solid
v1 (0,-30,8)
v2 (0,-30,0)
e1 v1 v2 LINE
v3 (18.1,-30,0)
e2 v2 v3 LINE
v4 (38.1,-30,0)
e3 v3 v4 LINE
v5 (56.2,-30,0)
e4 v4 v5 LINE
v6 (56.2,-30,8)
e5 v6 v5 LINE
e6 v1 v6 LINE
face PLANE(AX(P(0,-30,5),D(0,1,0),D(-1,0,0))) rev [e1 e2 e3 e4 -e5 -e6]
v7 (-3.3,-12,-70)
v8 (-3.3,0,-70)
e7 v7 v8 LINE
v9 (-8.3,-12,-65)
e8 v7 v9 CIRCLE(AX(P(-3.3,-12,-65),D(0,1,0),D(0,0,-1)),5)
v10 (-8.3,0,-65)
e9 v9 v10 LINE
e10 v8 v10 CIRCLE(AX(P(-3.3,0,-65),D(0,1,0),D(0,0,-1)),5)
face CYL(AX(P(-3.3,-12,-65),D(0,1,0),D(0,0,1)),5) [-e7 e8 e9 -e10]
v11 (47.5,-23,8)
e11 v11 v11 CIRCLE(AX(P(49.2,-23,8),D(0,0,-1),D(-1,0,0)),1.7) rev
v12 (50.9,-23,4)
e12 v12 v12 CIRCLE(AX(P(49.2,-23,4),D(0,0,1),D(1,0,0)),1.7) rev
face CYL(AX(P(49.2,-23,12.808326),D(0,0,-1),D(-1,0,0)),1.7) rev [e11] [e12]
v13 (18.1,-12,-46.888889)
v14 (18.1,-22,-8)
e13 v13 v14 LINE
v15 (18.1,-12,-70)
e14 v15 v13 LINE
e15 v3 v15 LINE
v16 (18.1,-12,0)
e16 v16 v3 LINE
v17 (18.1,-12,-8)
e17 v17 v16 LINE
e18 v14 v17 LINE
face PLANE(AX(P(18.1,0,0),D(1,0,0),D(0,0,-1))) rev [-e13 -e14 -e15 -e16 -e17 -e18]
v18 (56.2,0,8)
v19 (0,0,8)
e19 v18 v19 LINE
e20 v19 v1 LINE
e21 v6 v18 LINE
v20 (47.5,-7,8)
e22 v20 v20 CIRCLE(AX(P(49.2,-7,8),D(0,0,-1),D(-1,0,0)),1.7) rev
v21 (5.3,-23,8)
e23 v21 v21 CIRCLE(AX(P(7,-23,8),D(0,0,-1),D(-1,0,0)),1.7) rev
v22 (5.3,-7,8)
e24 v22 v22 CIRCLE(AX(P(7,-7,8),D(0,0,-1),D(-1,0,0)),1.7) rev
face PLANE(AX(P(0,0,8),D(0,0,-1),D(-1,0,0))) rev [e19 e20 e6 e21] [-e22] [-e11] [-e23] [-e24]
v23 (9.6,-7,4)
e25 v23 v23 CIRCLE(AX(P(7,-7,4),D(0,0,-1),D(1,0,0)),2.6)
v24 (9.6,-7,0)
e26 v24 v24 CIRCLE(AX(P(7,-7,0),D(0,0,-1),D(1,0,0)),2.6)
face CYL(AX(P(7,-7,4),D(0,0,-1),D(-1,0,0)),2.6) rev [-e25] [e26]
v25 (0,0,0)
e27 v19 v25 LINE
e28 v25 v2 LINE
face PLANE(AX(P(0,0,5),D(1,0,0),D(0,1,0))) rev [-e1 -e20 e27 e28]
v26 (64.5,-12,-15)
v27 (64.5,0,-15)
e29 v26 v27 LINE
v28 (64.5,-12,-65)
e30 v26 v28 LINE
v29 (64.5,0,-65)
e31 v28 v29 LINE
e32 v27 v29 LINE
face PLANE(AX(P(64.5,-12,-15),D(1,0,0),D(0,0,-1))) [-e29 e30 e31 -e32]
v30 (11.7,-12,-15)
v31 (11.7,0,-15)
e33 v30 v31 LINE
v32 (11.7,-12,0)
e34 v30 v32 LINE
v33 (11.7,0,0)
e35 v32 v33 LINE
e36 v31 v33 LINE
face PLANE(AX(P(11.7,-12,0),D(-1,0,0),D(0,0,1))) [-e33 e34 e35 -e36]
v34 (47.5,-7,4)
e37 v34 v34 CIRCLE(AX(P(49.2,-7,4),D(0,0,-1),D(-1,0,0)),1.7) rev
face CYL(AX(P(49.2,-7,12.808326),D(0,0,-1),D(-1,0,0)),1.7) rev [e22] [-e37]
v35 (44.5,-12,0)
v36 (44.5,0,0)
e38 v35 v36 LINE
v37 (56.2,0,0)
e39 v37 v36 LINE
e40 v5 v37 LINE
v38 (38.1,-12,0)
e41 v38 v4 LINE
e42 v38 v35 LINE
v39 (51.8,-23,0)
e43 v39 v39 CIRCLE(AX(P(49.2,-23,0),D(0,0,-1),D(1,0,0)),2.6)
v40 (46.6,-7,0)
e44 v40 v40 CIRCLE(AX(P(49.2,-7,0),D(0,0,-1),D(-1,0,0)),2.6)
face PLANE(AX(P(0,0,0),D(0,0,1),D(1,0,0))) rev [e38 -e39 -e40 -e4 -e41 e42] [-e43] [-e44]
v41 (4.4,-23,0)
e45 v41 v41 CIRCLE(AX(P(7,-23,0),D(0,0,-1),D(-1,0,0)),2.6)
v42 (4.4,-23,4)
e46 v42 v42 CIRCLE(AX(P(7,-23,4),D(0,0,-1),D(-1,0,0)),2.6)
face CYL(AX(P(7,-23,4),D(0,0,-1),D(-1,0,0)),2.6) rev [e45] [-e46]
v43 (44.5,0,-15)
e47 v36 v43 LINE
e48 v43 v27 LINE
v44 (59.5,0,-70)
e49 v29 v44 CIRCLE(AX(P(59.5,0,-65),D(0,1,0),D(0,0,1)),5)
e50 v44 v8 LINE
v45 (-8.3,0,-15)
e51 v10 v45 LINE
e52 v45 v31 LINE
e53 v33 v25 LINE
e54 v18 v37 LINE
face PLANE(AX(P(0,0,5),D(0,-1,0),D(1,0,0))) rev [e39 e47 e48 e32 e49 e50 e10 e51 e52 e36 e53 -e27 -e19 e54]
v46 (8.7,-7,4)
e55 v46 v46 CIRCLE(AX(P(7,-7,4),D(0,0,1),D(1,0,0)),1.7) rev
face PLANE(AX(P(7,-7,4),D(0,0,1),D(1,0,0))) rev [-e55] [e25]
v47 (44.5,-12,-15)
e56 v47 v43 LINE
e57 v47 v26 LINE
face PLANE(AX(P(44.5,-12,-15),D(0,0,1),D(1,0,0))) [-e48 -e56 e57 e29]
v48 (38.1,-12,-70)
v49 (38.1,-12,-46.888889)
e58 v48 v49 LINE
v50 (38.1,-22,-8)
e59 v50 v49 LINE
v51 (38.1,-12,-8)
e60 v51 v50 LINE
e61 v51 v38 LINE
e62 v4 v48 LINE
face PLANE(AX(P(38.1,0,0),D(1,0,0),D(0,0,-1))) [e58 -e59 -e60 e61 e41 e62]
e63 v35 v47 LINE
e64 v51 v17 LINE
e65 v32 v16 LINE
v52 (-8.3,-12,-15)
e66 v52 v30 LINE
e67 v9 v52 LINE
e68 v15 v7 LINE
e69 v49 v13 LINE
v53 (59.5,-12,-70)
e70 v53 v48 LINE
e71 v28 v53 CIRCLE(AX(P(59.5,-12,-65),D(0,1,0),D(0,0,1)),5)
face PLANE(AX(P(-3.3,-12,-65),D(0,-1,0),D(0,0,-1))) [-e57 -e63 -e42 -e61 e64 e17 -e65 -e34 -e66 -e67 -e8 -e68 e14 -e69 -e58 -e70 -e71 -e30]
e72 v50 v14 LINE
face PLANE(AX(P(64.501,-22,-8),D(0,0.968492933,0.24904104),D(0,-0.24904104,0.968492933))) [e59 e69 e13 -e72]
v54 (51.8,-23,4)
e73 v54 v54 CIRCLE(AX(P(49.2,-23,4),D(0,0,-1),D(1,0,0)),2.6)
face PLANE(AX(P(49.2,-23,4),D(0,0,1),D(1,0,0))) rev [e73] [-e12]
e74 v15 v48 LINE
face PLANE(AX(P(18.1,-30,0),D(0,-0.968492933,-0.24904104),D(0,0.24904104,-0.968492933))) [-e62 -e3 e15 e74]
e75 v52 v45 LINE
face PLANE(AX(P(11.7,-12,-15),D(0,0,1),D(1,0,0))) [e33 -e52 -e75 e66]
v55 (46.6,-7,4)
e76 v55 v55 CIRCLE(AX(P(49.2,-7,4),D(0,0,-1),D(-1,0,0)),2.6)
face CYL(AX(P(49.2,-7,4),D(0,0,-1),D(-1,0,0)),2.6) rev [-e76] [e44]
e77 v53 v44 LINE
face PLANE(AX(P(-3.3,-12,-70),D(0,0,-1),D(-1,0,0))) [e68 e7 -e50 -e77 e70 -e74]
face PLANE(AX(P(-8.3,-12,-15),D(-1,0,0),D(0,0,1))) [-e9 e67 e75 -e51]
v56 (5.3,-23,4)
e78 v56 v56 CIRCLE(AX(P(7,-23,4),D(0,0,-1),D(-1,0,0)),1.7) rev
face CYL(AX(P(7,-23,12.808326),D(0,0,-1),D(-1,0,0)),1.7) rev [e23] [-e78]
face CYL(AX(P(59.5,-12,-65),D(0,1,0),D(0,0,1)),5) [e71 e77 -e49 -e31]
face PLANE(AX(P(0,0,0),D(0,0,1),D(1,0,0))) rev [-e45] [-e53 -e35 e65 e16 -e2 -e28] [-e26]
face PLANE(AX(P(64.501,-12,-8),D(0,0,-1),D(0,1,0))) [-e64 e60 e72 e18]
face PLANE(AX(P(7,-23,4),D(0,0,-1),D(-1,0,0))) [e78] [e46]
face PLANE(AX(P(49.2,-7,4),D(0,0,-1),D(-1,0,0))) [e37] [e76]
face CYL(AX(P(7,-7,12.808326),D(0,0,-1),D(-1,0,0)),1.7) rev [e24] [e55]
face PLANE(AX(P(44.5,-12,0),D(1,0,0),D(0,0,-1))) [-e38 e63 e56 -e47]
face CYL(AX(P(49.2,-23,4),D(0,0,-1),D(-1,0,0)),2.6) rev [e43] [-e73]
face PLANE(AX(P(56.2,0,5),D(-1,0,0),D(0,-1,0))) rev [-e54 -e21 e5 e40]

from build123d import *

# Parameters (mm, degrees)
SKETCH1_W                      = 56.2
SKETCH1_H                      = 30
BOSS_EXTRUDE1_DEPTH            = 5
SKETCH3_W                      = 56.2
SKETCH3_H                      = 30
BOSS_EXTRUDE2_DEPTH            = 3
SKETCH4_R                      = 1.7
CUT_EXTRUDE2_DEPTH             = 8
BOSS_EXTRUDE3_DEPTH            = 12
BOSS_EXTRUDE4_DEPTH            = 10
BOSS_EXTRUDE4_DEPTH_BACK       = 10
CUT_EXTRUDE3_REACH             = 38.4
CUT_EXTRUDE3_DIRECTION_2_REACH = 38.4
SKETCH8_R                      = 2.6
CUT_EXTRUDE4_DEPTH             = 4


with BuildPart() as part:
    # Sketch1 → Boss-Extrude1 (new body)
    with BuildSketch(Plane.XY):
        with Locations((28.1, -15)):
            Rectangle(SKETCH1_W, SKETCH1_H)
    extrude(amount=BOSS_EXTRUDE1_DEPTH)

    # Sketch3 → Boss-Extrude2 (add)
    with BuildSketch(Plane.XY.offset(5)):
        with Locations((28.1, -15)):
            Rectangle(SKETCH3_W, SKETCH3_H)
    extrude(amount=BOSS_EXTRUDE2_DEPTH)

    # Sketch4 → Cut-Extrude2 (cut)
    with BuildSketch(Plane(origin=(0, 0, 0), x_dir=(-1, 0, 0), z_dir=(0, 0, -1))):
        with Locations((-49.2, -7)):
            Circle(SKETCH4_R)
        with Locations((-7, -7)):
            Circle(SKETCH4_R)
        with Locations((-7, -23)):
            Circle(SKETCH4_R)
        with Locations((-49.2, -23)):
            Circle(SKETCH4_R)
    extrude(amount=-CUT_EXTRUDE2_DEPTH, mode=Mode.SUBTRACT)

    # Sketch5 → Boss-Extrude3 (add)
    with BuildSketch(Plane(origin=(0, 0, 0), x_dir=(1, 0, 0), z_dir=(0, 1, 0))):
        with BuildLine():
            Line((44.5, 0), (11.7, 0))
            Line((11.7, 0), (11.7, 15))
            Line((11.7, 15), (-8.3, 15))
            Line((-8.3, 15), (-8.3, 65))
            ThreePointArc((-8.3, 65), (-6.835533906, 68.535533906), (-3.3, 70))
            Line((-3.3, 70), (59.5, 70))
            ThreePointArc((59.5, 70), (63.035533906, 68.535533906), (64.5, 65))
            Line((64.5, 65), (64.5, 15))
            Line((64.5, 15), (44.5, 15))
            Line((44.5, 15), (44.5, 0))
        make_face()
    extrude(amount=-BOSS_EXTRUDE3_DEPTH)

    # Sketch6 → Boss-Extrude4 (add, two sides)
    with BuildSketch(Plane(origin=(28.1, 0, 0), x_dir=(0, 0, -1), z_dir=(1, 0, 0))) as boss_extrude4_sk:
        Polygon((0, -12), (0, -30), (70, -12), align=None)
    extrude(amount=BOSS_EXTRUDE4_DEPTH)
    extrude(boss_extrude4_sk.sketch, amount=-BOSS_EXTRUDE4_DEPTH_BACK)

    # Sketch7 → Cut-Extrude3 (cut, up to next)
    with BuildSketch(Plane(origin=(28.1, 0, 0), x_dir=(0, 0, -1), z_dir=(1, 0, 0)), mode=Mode.PRIVATE) as cut_extrude3_sk1:
        Polygon((8, -12), (8, -22), (46.888888889, -12), align=None)
    cut_extrude3_tool1 = extrude(cut_extrude3_sk1.sketch, amount=-CUT_EXTRUDE3_REACH, mode=Mode.PRIVATE) & part.part
    add(cut_extrude3_tool1.solids().sort_by_distance((28.1, -15.333333, -20.962963))[0], mode=Mode.SUBTRACT)

    # Sketch7 → Cut-Extrude3 direction 2 (cut, up to next)
    with BuildSketch(Plane(origin=(28.1, 0, 0), x_dir=(0, 0, -1), z_dir=(1, 0, 0)), mode=Mode.PRIVATE) as cut_extrude3_direction_2_sk1:
        Polygon((8, -12), (8, -22), (46.888888889, -12), align=None)
    cut_extrude3_direction_2_tool1 = extrude(cut_extrude3_direction_2_sk1.sketch, amount=CUT_EXTRUDE3_DIRECTION_2_REACH, mode=Mode.PRIVATE) & part.part
    add(cut_extrude3_direction_2_tool1.solids().sort_by_distance((28.1, -15.333333, -20.962963))[0], mode=Mode.SUBTRACT)

    # Sketch8 → Cut-Extrude4 (cut)
    with BuildSketch(Plane(origin=(0, 0, 0), x_dir=(-1, 0, 0), z_dir=(0, 0, -1))):
        with Locations((-49.2, -7)):
            Circle(SKETCH8_R)
        with Locations((-7, -7)):
            Circle(SKETCH8_R)
        with Locations((-7, -23)):
            Circle(SKETCH8_R)
        with Locations((-49.2, -23)):
            Circle(SKETCH8_R)
    extrude(amount=-CUT_EXTRUDE4_DEPTH, mode=Mode.SUBTRACT)


solid = part.part
